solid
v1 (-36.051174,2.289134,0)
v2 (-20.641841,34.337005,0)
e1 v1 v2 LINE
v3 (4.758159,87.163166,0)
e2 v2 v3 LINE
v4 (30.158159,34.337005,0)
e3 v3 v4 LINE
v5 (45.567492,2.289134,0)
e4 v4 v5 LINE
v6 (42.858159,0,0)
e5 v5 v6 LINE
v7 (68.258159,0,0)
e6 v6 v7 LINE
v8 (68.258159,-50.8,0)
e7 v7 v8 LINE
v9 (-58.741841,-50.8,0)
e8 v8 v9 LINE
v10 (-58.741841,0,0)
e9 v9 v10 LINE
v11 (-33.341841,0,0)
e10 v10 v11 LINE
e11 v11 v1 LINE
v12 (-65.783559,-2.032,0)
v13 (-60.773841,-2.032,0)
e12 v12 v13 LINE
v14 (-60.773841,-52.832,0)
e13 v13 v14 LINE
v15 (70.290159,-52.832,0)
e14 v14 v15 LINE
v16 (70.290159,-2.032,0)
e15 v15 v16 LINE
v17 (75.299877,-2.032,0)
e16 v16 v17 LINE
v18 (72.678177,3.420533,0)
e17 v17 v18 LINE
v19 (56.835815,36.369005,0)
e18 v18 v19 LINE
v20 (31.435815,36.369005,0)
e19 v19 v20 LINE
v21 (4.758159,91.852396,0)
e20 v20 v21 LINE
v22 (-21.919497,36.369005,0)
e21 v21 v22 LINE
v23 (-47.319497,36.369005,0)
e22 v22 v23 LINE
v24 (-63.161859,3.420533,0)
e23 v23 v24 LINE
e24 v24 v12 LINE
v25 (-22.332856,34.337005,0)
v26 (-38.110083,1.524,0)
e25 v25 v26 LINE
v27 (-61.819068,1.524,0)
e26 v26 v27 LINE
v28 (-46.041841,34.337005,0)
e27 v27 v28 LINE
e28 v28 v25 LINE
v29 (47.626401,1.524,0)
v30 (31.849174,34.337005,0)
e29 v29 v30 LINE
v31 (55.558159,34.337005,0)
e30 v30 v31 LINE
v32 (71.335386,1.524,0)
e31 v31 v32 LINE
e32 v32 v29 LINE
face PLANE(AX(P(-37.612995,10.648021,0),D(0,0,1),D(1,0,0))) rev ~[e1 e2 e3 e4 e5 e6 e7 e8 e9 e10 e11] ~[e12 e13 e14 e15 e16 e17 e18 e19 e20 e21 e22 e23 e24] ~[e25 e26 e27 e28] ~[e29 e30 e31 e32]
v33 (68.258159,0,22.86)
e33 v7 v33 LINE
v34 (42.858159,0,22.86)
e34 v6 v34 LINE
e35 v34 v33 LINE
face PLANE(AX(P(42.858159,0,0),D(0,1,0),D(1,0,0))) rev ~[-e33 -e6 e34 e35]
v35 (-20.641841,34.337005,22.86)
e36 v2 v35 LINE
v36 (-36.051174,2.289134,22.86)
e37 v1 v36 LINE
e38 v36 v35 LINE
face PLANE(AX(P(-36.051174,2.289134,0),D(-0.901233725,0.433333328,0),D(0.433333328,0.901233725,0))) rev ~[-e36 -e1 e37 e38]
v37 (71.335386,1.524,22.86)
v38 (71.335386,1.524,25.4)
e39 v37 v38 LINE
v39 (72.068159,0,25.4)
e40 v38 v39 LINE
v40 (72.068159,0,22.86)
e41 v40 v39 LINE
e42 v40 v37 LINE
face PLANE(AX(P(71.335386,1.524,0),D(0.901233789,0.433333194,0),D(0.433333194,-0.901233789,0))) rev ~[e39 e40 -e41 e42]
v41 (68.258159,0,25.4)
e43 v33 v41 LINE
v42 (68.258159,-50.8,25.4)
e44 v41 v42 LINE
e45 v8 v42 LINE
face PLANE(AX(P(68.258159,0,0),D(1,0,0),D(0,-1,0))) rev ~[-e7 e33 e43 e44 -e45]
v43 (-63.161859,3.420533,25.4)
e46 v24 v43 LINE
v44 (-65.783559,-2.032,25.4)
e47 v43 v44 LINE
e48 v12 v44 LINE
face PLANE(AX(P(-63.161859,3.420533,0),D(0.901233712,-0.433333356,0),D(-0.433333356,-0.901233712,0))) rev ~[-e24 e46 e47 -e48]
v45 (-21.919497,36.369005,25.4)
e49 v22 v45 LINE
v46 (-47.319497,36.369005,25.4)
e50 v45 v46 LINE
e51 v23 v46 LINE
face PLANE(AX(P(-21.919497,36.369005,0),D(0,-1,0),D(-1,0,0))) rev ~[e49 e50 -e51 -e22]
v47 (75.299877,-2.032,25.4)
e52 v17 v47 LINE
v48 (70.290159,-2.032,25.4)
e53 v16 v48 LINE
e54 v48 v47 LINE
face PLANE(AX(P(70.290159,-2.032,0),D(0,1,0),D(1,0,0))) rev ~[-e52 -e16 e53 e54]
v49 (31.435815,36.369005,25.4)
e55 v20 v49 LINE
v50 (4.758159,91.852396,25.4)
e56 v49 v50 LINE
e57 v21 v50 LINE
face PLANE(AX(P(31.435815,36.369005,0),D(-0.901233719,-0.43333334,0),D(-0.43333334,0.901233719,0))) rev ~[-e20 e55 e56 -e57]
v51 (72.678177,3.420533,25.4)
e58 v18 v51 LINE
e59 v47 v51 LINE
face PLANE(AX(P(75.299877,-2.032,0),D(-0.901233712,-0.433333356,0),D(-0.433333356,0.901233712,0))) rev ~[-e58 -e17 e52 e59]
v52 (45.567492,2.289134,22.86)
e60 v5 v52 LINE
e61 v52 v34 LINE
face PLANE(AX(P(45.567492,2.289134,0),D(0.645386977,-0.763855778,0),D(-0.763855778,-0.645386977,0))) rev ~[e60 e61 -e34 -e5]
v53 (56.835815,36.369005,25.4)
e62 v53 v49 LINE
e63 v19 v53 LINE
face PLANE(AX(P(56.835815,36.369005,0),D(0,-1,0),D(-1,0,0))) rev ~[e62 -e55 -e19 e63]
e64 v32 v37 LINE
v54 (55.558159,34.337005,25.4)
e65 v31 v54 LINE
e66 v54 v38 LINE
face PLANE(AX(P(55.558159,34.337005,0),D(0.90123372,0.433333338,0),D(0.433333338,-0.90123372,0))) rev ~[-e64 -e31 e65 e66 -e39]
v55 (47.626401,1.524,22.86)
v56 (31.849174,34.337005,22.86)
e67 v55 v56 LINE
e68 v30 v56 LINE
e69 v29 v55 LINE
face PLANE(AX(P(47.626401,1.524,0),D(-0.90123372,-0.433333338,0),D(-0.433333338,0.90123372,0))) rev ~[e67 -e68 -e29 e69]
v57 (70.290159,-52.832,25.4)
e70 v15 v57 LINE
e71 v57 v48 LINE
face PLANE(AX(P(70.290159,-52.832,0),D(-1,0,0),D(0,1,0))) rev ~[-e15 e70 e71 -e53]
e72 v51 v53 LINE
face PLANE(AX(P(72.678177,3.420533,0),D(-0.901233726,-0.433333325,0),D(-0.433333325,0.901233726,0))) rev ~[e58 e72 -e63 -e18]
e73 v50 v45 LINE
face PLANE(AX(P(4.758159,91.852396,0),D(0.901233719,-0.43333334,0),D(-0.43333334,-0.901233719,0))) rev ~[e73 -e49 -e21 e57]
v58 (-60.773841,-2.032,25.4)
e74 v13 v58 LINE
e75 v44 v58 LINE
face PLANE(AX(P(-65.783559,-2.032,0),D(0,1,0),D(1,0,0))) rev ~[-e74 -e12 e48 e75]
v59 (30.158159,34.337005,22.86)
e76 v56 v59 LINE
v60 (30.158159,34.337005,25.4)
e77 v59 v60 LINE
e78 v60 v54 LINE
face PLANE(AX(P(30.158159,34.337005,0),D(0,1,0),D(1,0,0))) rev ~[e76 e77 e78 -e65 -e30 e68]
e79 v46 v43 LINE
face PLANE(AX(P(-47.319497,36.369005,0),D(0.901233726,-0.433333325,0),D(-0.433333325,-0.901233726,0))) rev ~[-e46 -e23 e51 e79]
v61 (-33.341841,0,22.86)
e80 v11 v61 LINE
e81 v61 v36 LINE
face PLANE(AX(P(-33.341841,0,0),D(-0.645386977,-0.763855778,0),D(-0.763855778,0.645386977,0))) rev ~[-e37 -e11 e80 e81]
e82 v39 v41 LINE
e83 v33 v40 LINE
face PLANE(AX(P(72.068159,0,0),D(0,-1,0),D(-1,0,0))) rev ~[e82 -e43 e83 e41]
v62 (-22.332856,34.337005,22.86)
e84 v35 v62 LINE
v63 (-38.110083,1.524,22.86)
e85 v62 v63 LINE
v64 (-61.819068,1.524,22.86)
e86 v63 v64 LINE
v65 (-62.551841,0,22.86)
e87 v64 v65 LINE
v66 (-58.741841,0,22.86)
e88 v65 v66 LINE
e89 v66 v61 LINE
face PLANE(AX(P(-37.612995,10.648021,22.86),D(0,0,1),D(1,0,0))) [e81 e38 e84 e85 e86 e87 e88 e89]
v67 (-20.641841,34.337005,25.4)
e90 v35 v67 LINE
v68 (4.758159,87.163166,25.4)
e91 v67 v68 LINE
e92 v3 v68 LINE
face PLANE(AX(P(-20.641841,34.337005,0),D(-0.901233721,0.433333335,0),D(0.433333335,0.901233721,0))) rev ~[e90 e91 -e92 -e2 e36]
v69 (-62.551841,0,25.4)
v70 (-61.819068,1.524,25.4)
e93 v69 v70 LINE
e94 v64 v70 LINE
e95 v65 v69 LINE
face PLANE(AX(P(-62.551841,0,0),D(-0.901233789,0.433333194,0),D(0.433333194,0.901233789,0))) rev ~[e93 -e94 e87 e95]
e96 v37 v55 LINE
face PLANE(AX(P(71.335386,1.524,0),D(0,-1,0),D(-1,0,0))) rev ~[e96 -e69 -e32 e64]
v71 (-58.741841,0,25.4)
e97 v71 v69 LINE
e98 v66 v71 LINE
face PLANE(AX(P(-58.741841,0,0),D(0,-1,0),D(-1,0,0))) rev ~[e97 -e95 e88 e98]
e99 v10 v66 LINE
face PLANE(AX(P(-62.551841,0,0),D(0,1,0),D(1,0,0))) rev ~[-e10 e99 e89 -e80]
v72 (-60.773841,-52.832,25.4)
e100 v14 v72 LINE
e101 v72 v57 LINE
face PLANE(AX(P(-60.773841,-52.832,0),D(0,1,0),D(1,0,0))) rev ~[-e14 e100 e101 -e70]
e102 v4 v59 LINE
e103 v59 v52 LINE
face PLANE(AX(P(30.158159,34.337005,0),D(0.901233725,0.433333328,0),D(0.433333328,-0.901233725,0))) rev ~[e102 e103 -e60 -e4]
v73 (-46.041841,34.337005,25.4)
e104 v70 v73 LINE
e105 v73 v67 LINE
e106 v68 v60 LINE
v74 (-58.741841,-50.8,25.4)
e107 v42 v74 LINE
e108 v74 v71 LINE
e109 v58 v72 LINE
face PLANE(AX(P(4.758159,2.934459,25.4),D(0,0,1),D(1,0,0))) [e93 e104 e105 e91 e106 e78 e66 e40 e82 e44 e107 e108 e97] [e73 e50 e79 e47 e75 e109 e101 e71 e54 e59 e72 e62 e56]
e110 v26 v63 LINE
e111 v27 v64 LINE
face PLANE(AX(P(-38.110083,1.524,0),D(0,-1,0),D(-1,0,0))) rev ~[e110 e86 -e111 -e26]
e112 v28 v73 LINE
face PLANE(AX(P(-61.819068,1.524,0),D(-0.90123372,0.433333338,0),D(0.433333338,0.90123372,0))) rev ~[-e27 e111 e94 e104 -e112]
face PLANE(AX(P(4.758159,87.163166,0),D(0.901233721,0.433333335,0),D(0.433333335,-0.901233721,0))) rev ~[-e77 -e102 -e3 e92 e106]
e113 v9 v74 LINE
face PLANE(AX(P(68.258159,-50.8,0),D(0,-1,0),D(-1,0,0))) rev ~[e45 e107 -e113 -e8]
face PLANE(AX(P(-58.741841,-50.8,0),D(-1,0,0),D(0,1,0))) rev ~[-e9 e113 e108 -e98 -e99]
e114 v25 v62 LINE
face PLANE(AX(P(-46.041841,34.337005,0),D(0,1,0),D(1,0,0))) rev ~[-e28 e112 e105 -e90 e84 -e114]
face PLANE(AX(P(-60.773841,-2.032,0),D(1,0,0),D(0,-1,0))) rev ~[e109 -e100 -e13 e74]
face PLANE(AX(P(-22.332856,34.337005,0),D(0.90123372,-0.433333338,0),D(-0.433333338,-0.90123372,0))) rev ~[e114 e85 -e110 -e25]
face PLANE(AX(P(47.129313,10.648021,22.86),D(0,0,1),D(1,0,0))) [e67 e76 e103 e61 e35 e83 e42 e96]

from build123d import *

# Parameters (mm, degrees)
F1_DEPTH = 25.4
F2_DEPTH = 22.86


with BuildPart() as f1:
    # F0 (on Top) → F1 (new body)
    with BuildSketch(Plane.XY):
        Polygon((56.835815, 36.369005), (31.435815, 36.369005), (4.758159, 91.852396), (-21.919497, 36.369005), (-23.4602, 36.369005), (-47.319497, 36.369005), (-63.161859, 3.420533), (-65.783559, -2.032), (-60.773841, -2.032), (-60.773841, -52.832), (70.290159, -52.832), (70.290159, -2.032), (75.299877, -2.032), (72.678177, 3.420533), align=None)
        Polygon((68.258159, -50.8), (-58.741841, -50.8), (-58.741841, 0), (-62.551841, 0), (-61.819068, 1.524), (-46.041841, 34.337005), (-22.332856, 34.337005), (-20.641841, 34.337005), (4.758159, 87.163166), (30.158159, 34.337005), (31.849174, 34.337005), (55.558159, 34.337005), (71.335386, 1.524), (72.068159, 0), (68.258159, 0), align=None, mode=Mode.SUBTRACT)
    extrude(amount=F1_DEPTH)

    # F0 (on Top) → F2 (join)
    with BuildSketch(Plane.XY):
        Polygon((-62.551841, 0), (-58.741841, 0), (-33.341841, 0), (-36.051174, 2.289134), (-20.641841, 34.337005), (-22.332856, 34.337005), (-38.110083, 1.524), (-58.741841, 1.524), (-61.819068, 1.524), align=None)
        Polygon((42.858159, 0), (68.258159, 0), (72.068159, 0), (71.335386, 1.524), (68.258159, 1.524), (47.626401, 1.524), (31.849174, 34.337005), (30.158159, 34.337005), (45.567492, 2.289134), align=None)
    extrude(amount=F2_DEPTH)


solid = f1.part
